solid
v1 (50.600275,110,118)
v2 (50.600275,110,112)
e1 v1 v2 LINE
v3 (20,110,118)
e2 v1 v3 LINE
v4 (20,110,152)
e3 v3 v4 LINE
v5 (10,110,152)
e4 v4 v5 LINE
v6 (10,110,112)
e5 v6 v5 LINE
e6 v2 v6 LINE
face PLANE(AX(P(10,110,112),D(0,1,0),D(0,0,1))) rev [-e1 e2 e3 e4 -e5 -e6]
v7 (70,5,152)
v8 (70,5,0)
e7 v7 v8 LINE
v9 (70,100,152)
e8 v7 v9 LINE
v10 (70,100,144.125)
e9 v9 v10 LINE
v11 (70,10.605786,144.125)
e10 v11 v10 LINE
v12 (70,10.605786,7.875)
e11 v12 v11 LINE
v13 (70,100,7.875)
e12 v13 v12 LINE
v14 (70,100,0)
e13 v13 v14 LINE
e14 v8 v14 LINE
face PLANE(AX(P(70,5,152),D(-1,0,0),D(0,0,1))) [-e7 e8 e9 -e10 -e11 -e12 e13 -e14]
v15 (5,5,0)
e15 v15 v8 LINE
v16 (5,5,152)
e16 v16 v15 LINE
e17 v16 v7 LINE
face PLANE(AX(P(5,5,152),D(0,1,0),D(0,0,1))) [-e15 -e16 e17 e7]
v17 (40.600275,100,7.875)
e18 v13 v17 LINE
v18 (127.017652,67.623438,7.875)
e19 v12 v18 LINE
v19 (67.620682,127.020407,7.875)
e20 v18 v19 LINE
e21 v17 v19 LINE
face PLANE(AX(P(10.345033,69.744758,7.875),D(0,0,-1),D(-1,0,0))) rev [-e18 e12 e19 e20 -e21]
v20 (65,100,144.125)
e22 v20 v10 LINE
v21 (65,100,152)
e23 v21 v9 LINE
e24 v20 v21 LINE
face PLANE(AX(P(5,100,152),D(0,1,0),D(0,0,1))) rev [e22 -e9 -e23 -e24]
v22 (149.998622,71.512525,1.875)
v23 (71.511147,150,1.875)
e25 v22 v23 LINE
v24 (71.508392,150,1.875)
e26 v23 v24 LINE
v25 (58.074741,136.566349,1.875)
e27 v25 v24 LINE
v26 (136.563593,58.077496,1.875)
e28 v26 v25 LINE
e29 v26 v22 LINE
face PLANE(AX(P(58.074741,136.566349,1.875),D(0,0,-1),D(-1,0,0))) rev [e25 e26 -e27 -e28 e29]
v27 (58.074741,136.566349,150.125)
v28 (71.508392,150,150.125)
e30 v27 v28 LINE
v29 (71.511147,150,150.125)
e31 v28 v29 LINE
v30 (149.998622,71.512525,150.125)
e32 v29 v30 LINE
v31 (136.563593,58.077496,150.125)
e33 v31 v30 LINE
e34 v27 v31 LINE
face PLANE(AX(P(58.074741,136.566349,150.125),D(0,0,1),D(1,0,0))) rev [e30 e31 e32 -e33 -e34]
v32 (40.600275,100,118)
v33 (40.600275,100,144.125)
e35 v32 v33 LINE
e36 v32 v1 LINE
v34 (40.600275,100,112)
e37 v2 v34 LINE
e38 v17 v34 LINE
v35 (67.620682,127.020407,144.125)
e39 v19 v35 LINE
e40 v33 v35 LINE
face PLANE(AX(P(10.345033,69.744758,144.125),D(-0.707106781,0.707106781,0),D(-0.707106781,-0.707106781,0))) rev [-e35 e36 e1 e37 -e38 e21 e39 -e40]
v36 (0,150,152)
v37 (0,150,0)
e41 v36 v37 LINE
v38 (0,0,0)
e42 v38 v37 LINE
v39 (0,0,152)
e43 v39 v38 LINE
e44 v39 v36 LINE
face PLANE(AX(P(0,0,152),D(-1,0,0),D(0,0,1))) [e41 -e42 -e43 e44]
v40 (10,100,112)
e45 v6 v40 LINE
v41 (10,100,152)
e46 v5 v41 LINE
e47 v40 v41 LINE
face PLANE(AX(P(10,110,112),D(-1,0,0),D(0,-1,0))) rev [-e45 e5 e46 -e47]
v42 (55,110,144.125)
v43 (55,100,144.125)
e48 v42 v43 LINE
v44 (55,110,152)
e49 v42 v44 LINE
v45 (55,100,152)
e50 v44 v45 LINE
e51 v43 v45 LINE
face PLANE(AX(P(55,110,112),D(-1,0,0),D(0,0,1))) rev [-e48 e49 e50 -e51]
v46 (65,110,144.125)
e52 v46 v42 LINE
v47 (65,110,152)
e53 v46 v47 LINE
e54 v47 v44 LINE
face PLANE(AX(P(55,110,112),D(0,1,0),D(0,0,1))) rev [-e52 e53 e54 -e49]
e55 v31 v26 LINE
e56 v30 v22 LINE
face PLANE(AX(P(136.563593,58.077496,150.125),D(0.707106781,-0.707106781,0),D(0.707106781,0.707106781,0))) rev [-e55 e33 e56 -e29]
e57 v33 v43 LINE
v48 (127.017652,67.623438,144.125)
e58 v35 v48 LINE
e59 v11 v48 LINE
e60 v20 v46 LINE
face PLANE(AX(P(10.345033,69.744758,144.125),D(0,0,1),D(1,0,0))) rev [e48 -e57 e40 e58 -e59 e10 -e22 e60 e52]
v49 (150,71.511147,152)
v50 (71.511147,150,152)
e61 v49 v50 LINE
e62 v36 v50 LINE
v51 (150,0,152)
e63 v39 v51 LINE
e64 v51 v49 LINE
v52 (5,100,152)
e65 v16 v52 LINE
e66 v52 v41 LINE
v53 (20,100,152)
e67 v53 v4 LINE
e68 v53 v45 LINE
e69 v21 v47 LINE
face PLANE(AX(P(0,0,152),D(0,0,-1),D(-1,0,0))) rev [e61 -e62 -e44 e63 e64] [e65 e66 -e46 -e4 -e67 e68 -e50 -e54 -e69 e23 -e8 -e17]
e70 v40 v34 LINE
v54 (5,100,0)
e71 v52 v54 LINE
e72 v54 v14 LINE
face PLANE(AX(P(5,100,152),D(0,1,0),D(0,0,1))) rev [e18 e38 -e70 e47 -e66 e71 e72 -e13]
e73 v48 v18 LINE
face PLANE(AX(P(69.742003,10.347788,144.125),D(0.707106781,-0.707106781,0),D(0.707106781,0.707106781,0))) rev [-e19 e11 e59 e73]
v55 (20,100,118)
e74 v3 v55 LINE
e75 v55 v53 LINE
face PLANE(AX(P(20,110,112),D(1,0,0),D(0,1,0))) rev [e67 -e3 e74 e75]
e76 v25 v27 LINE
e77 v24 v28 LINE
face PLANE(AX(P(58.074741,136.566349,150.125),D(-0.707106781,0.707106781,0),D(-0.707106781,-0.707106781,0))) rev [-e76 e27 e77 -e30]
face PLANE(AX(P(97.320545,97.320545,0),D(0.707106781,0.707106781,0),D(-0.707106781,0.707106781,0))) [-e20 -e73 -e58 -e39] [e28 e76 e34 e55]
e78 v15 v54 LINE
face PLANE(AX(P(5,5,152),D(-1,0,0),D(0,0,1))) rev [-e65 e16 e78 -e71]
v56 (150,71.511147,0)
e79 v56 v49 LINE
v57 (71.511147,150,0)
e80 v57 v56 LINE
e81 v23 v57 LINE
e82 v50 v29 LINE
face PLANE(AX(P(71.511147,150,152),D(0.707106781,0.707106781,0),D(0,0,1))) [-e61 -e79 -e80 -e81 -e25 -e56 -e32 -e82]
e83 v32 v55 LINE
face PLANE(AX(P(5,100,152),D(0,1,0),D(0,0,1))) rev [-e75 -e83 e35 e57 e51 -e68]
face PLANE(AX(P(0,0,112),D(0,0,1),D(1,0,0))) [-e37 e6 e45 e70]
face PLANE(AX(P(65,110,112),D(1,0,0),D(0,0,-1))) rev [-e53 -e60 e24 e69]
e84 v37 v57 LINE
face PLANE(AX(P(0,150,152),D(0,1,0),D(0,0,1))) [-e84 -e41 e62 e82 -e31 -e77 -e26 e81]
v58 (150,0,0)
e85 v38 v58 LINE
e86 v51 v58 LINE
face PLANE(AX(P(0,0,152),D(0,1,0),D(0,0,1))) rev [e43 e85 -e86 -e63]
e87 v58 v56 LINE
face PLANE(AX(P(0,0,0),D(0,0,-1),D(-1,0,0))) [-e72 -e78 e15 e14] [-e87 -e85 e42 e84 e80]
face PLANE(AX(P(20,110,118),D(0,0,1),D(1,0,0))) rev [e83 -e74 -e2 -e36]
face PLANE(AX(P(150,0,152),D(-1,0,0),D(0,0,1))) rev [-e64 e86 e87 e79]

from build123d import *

# Parameters (mm, degrees)
SKETCH1_W           = 150
SKETCH1_H           = 150
SKETCH1_W_2         = 65
SKETCH1_H_2         = 95
BOSS_EXTRUDE2_DEPTH = 152
CHAMFER1_SIZE       = 78.48885271
SKETCH4_W           = 148.25
SKETCH4_H           = 111
CUT_EXTRUDE5_DEPTH  = 19
SKETCH5_W           = 136.25
SKETCH5_H           = 84
CUT_EXTRUDE6_DEPTH  = 81
SKETCH6_W           = 10
SKETCH6_H           = 10
CUT_EXTRUDE7_DEPTH  = 40
SKETCH7_W           = 10
SKETCH7_H           = 10
CUT_EXTRUDE8_DEPTH  = 40
SKETCH10_W          = 40
SKETCH10_H          = 6
CUT_EXTRUDE10_DEPTH = 10


with BuildPart() as part:
    # Sketch1 → Boss-Extrude2 (new body)
    with BuildSketch(Plane.XY):
        with Locations((75, 75)):
            Rectangle(SKETCH1_W, SKETCH1_H)
        with Locations((37.5, 52.5)):
            Rectangle(SKETCH1_W_2, SKETCH1_H_2, mode=Mode.SUBTRACT)
    extrude(amount=BOSS_EXTRUDE2_DEPTH)

    # Chamfer1
    chamfer1_edges = [part.edges().sort_by_distance(p)[0] for p in [
        (150, 150, 76),
    ]]
    chamfer(chamfer1_edges, length=CHAMFER1_SIZE)

    # Sketch4 → Cut-Extrude5 (cut)
    with BuildSketch(Plane(origin=(110.755573645, 110.755573645, 0), x_dir=(0, 0, -1), z_dir=(0.7071067811865489, 0.7071067811865461, 0))):
        with Locations((-76, 0.001948307)):
            Rectangle(SKETCH4_W, SKETCH4_H)
    extrude(amount=-CUT_EXTRUDE5_DEPTH, mode=Mode.SUBTRACT)

    # Sketch5 → Cut-Extrude6 (cut)
    with BuildSketch(Plane(origin=(97.320544802, 97.320544802, 0), x_dir=(0, 0, -1), z_dir=(0.707106781186549, 0.707106781186546, 0))):
        with Locations((-76, 0.001948307)):
            Rectangle(SKETCH5_W, SKETCH5_H)
    extrude(amount=-CUT_EXTRUDE6_DEPTH, mode=Mode.SUBTRACT)

    # Sketch6 → Cut-Extrude7 (cut)
    with BuildSketch(Plane.XY.offset(152)):
        with Locations((15, 105)):
            Rectangle(SKETCH6_W, SKETCH6_H)
    extrude(amount=-CUT_EXTRUDE7_DEPTH, mode=Mode.SUBTRACT)

    # Sketch7 → Cut-Extrude8 (cut)
    with BuildSketch(Plane.XY.offset(152)):
        with Locations((60, 105)):
            Rectangle(SKETCH7_W, SKETCH7_H)
    extrude(amount=-CUT_EXTRUDE8_DEPTH, mode=Mode.SUBTRACT)

    # Sketch10 → Cut-Extrude10 (cut)
    with BuildSketch(Plane.XZ.offset(-100)):
        with Locations((40, 115)):
            Rectangle(SKETCH10_W, SKETCH10_H)
    extrude(amount=-CUT_EXTRUDE10_DEPTH, mode=Mode.SUBTRACT)


solid = part.part
